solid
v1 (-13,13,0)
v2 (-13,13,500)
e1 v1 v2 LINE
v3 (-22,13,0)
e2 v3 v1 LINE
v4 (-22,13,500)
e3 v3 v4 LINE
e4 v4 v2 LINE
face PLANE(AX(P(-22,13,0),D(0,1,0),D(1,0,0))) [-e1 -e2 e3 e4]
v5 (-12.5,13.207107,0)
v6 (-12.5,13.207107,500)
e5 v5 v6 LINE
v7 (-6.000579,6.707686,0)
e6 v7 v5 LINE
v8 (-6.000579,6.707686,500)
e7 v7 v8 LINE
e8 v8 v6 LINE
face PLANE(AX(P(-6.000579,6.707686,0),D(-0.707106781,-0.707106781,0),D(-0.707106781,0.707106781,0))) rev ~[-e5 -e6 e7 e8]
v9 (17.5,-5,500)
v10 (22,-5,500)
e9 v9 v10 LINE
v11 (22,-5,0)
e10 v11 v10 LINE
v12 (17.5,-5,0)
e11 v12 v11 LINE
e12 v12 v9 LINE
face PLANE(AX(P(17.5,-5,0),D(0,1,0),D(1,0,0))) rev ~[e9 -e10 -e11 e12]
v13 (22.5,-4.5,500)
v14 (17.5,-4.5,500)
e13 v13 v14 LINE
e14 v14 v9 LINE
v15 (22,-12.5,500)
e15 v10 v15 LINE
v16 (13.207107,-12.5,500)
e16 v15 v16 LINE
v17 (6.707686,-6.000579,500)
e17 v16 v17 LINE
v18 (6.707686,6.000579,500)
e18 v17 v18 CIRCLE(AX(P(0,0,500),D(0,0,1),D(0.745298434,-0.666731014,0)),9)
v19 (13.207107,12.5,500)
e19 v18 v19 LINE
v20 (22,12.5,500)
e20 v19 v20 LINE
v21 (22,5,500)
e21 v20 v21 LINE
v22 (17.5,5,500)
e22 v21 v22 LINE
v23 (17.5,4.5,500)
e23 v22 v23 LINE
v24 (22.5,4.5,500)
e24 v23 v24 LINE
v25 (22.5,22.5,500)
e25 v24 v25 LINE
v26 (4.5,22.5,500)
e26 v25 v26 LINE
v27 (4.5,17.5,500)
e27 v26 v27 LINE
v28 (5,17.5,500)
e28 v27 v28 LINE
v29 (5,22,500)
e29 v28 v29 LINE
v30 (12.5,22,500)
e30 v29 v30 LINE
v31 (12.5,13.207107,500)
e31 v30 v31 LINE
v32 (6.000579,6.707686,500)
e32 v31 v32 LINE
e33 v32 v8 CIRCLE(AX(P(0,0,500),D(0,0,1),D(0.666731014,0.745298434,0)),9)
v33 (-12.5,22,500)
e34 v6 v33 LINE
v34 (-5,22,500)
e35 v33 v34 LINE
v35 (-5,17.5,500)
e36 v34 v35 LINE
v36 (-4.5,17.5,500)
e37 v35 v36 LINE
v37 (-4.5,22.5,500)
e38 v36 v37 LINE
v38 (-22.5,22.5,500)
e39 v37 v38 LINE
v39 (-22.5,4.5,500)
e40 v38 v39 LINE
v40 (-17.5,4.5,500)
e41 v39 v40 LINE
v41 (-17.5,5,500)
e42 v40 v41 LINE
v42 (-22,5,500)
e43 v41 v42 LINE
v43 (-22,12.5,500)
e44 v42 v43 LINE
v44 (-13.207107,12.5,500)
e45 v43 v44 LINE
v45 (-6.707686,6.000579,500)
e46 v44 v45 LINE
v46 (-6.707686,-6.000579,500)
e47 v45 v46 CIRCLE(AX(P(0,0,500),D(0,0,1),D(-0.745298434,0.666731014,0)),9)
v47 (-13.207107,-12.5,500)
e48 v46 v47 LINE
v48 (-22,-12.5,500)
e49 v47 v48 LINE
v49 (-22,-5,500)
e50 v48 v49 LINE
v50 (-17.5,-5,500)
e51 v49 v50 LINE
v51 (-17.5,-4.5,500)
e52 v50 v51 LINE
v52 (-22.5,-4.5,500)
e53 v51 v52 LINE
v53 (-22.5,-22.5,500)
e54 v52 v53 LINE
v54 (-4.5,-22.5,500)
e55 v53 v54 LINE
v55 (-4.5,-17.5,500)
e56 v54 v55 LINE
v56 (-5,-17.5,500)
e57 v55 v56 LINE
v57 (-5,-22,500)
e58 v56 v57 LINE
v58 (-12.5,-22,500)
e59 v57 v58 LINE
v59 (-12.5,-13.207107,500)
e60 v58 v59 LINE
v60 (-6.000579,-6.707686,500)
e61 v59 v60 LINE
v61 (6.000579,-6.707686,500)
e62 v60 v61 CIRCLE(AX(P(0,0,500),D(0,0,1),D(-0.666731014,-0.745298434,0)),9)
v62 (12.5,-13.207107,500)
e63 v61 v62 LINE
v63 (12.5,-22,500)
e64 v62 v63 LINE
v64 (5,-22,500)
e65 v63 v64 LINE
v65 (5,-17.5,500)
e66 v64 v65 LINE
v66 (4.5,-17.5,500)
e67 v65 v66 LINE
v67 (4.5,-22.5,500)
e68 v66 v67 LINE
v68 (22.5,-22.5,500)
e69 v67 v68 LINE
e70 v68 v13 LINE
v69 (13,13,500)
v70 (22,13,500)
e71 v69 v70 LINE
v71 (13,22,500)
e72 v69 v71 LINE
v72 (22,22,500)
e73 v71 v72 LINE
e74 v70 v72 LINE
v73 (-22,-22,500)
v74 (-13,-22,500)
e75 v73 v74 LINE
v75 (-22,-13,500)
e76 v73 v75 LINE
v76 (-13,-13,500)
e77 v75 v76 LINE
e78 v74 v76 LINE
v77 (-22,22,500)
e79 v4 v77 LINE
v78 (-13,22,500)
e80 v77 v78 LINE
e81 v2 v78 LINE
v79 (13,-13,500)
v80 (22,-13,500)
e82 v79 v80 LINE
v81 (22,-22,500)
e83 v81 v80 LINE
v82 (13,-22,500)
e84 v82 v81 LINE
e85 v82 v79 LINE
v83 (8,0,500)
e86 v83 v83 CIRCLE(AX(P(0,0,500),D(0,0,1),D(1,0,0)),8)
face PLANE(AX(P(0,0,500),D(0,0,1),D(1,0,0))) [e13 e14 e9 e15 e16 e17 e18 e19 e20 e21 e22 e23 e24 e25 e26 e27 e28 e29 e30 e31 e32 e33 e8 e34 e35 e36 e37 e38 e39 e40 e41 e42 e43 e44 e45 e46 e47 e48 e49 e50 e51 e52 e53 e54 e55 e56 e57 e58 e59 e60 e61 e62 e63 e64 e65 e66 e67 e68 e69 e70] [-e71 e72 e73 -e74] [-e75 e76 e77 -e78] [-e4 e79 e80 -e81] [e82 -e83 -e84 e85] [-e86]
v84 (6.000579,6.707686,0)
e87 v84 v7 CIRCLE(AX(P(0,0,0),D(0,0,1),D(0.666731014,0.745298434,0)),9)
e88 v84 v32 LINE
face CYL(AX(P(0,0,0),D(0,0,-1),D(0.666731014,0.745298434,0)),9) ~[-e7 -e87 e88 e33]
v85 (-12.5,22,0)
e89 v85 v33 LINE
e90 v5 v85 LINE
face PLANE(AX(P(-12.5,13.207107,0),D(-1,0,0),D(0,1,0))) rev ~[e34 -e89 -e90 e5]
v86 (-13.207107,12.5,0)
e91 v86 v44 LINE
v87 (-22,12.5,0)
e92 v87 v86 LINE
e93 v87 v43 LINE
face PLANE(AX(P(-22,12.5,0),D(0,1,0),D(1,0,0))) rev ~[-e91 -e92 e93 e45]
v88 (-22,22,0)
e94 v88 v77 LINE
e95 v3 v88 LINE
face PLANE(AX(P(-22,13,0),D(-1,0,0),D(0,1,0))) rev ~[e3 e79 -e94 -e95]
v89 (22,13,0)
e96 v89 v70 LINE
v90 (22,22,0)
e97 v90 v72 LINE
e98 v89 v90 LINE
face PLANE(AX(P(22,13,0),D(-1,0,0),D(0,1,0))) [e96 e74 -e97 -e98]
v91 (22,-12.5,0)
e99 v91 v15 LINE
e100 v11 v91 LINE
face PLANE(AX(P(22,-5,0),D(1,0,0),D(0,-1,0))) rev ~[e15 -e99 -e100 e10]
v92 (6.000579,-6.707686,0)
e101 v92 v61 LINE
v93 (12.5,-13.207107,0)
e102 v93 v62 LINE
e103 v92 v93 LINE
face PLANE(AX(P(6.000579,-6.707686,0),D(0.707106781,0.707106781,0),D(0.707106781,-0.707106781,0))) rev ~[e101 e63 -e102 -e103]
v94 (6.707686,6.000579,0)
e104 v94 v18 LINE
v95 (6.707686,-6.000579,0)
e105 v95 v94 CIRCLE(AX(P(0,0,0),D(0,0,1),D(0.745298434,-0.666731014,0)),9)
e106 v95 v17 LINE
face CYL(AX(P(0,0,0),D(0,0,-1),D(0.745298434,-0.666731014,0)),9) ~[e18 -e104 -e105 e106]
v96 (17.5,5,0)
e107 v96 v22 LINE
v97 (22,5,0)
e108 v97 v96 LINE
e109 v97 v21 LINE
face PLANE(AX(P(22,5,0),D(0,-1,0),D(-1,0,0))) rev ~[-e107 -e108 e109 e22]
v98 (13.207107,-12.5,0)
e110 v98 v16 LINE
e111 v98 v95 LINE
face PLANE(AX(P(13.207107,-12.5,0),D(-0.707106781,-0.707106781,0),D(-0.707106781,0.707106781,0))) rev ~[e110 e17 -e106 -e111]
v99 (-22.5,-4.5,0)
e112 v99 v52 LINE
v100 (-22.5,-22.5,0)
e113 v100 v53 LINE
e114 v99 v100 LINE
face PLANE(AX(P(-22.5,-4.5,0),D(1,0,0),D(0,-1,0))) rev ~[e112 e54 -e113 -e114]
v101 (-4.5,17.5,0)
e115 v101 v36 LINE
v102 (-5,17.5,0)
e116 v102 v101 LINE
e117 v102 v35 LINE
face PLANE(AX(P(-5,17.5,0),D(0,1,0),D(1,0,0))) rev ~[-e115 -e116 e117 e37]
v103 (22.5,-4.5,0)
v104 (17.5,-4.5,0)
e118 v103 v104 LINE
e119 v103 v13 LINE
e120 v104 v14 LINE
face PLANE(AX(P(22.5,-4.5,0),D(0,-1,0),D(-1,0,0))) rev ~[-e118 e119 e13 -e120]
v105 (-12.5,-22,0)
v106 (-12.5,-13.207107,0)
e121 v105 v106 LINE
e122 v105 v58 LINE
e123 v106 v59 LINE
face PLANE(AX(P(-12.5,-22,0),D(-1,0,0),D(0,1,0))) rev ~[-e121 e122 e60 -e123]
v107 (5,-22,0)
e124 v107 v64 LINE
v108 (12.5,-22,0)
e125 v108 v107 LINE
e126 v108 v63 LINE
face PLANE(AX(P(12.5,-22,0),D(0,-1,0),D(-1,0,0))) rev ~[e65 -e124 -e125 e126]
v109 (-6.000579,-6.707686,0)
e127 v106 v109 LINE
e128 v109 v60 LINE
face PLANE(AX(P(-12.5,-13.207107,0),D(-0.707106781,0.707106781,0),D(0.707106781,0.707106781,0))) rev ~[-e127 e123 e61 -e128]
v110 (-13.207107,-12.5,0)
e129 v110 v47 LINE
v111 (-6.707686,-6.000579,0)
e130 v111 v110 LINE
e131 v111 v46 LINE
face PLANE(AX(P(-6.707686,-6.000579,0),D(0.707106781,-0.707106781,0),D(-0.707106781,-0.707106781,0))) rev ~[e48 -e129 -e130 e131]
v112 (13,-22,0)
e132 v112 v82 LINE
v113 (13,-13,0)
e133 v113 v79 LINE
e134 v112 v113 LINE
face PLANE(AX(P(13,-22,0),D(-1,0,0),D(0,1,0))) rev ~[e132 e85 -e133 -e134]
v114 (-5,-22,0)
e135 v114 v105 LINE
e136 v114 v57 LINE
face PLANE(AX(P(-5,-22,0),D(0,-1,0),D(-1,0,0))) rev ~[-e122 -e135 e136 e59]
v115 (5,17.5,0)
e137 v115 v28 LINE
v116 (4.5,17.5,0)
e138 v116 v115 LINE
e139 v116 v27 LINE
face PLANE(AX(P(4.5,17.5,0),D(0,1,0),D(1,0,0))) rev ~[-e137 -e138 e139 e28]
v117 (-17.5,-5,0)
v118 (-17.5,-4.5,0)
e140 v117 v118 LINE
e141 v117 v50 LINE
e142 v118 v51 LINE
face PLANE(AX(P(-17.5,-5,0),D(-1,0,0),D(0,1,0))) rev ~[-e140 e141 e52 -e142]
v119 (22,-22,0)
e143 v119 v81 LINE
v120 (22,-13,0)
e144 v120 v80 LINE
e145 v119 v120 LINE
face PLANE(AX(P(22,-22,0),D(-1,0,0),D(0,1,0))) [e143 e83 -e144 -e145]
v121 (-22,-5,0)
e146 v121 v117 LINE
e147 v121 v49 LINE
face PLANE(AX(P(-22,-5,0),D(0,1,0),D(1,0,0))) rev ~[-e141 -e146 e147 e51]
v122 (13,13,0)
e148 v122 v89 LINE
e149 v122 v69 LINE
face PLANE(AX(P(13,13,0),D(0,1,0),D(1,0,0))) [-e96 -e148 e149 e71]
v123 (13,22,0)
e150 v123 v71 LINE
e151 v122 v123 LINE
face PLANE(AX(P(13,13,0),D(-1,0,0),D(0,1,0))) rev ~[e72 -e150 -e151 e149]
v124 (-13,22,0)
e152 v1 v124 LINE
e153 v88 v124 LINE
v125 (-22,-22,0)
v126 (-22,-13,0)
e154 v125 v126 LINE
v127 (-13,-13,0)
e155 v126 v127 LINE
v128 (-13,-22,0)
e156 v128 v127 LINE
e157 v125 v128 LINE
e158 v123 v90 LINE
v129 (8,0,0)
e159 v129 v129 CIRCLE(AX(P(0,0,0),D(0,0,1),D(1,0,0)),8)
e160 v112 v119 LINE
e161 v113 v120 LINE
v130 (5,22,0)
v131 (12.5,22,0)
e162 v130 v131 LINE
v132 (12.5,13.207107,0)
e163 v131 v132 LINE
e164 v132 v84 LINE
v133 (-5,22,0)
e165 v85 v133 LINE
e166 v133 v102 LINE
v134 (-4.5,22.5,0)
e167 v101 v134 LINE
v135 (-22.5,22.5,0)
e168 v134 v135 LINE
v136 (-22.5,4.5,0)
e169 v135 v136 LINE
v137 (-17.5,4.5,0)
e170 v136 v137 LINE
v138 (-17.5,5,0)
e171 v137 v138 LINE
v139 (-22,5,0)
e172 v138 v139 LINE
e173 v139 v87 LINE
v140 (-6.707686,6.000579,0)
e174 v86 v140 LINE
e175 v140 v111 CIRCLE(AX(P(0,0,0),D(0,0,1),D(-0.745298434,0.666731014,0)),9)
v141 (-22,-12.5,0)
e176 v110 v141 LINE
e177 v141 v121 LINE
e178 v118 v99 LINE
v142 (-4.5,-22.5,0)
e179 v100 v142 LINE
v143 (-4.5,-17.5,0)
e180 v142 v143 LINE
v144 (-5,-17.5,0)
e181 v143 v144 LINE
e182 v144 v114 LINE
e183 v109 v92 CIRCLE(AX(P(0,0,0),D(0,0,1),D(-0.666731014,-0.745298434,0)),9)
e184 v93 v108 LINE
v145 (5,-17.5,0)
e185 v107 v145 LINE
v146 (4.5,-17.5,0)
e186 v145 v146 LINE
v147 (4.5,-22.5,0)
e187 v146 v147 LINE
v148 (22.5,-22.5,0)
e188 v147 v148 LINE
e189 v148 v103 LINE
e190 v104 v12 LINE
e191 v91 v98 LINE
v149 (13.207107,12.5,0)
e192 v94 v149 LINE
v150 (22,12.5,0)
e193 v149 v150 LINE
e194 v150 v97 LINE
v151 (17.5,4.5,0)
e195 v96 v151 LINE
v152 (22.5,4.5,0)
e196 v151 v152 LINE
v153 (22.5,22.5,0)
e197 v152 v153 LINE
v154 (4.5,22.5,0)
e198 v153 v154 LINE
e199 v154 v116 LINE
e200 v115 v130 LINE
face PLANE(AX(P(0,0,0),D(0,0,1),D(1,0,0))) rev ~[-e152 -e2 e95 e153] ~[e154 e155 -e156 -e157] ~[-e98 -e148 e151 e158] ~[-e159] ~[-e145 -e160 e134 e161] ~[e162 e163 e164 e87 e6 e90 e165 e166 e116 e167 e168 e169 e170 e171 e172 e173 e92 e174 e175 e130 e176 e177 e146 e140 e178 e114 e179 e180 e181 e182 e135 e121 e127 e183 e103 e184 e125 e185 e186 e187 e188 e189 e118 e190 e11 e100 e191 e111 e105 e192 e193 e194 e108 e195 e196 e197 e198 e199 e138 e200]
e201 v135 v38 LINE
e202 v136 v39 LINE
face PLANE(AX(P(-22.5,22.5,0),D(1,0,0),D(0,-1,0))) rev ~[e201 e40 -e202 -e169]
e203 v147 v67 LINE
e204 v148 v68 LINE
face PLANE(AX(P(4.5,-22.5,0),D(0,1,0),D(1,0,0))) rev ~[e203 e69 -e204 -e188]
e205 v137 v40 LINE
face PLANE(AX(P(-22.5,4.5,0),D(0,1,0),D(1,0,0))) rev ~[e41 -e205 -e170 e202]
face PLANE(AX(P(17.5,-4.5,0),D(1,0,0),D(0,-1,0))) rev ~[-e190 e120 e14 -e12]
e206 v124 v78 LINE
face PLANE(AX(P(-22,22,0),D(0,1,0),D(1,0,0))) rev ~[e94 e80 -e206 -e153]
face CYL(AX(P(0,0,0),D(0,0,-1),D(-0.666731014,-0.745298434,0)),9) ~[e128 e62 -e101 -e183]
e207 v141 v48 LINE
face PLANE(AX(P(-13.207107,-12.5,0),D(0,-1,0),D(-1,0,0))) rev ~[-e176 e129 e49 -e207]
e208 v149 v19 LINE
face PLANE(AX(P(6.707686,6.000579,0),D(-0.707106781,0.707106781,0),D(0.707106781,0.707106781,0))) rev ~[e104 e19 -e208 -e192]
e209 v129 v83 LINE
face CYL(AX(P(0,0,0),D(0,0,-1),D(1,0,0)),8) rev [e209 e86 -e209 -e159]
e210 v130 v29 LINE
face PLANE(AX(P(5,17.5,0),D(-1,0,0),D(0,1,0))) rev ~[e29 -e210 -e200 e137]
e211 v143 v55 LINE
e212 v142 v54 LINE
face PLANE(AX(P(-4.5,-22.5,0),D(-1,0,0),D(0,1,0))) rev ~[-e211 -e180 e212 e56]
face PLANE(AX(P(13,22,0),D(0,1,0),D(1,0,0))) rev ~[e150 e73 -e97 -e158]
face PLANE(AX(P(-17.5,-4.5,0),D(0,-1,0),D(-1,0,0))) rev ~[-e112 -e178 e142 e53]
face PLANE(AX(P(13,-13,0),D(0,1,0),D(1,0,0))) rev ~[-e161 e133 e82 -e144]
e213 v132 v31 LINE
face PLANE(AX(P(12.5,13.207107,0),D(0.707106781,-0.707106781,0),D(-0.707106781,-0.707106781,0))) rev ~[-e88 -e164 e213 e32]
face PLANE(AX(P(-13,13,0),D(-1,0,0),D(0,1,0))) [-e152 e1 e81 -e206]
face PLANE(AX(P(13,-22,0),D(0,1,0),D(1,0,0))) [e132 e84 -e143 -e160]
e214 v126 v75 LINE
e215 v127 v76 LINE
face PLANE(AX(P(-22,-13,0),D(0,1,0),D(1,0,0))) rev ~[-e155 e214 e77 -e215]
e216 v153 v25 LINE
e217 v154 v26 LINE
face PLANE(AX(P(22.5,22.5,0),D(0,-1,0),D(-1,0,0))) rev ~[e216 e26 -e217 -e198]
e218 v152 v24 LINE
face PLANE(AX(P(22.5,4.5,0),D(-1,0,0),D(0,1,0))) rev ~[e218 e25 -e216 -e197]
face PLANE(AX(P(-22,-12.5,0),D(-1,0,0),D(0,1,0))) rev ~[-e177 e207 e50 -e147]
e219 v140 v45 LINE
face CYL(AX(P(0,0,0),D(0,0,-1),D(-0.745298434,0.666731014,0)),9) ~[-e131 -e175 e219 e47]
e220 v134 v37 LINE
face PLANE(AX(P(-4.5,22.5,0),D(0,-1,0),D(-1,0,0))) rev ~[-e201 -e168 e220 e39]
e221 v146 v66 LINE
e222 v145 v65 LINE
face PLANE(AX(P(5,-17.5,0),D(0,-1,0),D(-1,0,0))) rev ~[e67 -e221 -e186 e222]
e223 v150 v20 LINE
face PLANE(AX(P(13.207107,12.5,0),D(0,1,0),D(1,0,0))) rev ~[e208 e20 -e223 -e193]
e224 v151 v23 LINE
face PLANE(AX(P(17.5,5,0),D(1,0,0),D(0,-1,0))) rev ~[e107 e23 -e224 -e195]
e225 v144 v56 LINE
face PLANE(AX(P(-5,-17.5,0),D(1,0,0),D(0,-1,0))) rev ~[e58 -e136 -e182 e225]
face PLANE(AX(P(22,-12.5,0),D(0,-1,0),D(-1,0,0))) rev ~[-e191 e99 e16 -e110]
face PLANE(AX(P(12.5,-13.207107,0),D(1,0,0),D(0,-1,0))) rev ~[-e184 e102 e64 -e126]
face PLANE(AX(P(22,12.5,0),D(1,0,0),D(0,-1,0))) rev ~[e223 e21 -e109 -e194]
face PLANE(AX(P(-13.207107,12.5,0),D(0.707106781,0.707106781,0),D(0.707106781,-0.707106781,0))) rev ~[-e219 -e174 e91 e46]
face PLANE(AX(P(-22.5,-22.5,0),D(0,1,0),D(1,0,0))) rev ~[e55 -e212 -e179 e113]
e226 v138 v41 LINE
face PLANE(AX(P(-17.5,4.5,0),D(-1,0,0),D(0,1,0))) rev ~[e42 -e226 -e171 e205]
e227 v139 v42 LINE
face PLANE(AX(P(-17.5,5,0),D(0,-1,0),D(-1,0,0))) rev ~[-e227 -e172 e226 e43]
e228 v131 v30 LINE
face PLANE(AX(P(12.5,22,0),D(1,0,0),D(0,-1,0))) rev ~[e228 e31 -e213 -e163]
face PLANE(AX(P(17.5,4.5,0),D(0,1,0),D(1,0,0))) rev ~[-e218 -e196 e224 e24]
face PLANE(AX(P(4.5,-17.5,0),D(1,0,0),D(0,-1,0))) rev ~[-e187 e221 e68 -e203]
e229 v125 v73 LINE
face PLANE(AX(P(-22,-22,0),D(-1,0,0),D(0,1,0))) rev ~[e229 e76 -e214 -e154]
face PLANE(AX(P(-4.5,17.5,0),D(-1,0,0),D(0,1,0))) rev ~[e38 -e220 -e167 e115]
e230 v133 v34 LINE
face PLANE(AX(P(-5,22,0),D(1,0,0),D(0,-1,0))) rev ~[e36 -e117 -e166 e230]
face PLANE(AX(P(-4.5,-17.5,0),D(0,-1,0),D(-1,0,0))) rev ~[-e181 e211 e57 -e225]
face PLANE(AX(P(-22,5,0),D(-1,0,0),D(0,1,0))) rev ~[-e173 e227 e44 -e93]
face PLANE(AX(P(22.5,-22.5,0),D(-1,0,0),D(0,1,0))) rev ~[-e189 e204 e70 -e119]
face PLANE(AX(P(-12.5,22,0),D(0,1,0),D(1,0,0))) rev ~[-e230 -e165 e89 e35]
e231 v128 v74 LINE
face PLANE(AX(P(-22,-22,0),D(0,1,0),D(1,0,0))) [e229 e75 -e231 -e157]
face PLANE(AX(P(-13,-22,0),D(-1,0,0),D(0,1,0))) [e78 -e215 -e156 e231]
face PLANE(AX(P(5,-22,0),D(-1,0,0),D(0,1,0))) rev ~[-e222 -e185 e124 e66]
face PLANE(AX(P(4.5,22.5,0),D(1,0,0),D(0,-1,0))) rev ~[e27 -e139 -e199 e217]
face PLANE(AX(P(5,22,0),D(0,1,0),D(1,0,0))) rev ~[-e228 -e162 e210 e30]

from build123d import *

# Parameters (mm, degrees)
ESBO_O1_W                = 9
ESBO_O1_H                = 9
ESBO_O1_R                = 8
RESSALTO_EXTRUS_O4_DEPTH = 500


with BuildPart() as part:
    # Esboço1 → Ressalto-extrusão4 (new body)
    with BuildSketch(Plane.XY):
        with BuildLine():
            Line((-4.5, 22.5), (-22.5, 22.5))
            Line((-22.5, 22.5), (-22.5, 4.5))
            Line((-22.5, 4.5), (-17.5, 4.5))
            Line((-17.5, 4.5), (-17.5, 5))
            Line((-17.5, 5), (-22, 5))
            Line((-22, 5), (-22, 12.5))
            Line((-22, 12.5), (-13.207106781, 12.5))
            Line((-13.207106781, 12.5), (-6.707685904, 6.000579123))
            ThreePointArc((-6.707685904, 6.000579123), (-9, 0), (-6.707685904, -6.000579123))
            Line((-6.707685904, -6.000579123), (-13.207106781, -12.5))
            Line((-13.207106781, -12.5), (-22, -12.5))
            Line((-22, -12.5), (-22, -5))
            Line((-22, -5), (-17.5, -5))
            Line((-17.5, -5), (-17.5, -4.5))
            Line((-17.5, -4.5), (-22.5, -4.5))
            Line((-22.5, -4.5), (-22.5, -22.5))
            Line((-22.5, -22.5), (-4.5, -22.5))
            Line((-4.5, -22.5), (-4.5, -17.5))
            Line((-4.5, -17.5), (-5, -17.5))
            Line((-5, -17.5), (-5, -22))
            Line((-5, -22), (-12.5, -22))
            Line((-12.5, -22), (-12.5, -13.207106781))
            Line((-12.5, -13.207106781), (-6.000579123, -6.707685904))
            ThreePointArc((-6.000579123, -6.707685904), (0, -9), (6.000579123, -6.707685904))
            Line((6.000579123, -6.707685904), (12.5, -13.207106781))
            Line((12.5, -13.207106781), (12.5, -22))
            Line((12.5, -22), (5, -22))
            Line((5, -22), (5, -17.5))
            Line((5, -17.5), (4.5, -17.5))
            Line((4.5, -17.5), (4.5, -22.5))
            Line((4.5, -22.5), (22.5, -22.5))
            Line((22.5, -22.5), (22.5, -4.5))
            Line((22.5, -4.5), (17.5, -4.5))
            Line((17.5, -4.5), (17.5, -5))
            Line((17.5, -5), (22, -5))
            Line((22, -5), (22, -12.5))
            Line((22, -12.5), (13.207106781, -12.5))
            Line((13.207106781, -12.5), (6.707685904, -6.000579123))
            ThreePointArc((6.707685904, -6.000579123), (9, 0), (6.707685904, 6.000579123))
            Line((6.707685904, 6.000579123), (13.207106781, 12.5))
            Line((13.207106781, 12.5), (22, 12.5))
            Line((22, 12.5), (22, 5))
            Line((22, 5), (17.5, 5))
            Line((17.5, 5), (17.5, 4.5))
            Line((17.5, 4.5), (22.5, 4.5))
            Line((22.5, 4.5), (22.5, 22.5))
            Line((22.5, 22.5), (4.5, 22.5))
            Line((4.5, 22.5), (4.5, 17.5))
            Line((4.5, 17.5), (5, 17.5))
            Line((5, 17.5), (5, 22))
            Line((5, 22), (12.5, 22))
            Line((12.5, 22), (12.5, 13.207106781))
            Line((12.5, 13.207106781), (6.000579123, 6.707685904))
            ThreePointArc((6.000579123, 6.707685904), (0, 9), (-6.000579123, 6.707685904))
            Line((-6.000579123, 6.707685904), (-12.5, 13.207106781))
            Line((-12.5, 13.207106781), (-12.5, 22))
            Line((-12.5, 22), (-5, 22))
            Line((-5, 22), (-5, 17.5))
            Line((-5, 17.5), (-4.5, 17.5))
            Line((-4.5, 17.5), (-4.5, 22.5))
        make_face()
        with Locations((17.5, 17.5)):
            Rectangle(ESBO_O1_W, ESBO_O1_H, mode=Mode.SUBTRACT)
        with Locations((-17.5, -17.5)):
            Rectangle(ESBO_O1_W, ESBO_O1_H, mode=Mode.SUBTRACT)
        with Locations((17.5, -17.5)):
            Rectangle(ESBO_O1_W, ESBO_O1_H, mode=Mode.SUBTRACT)
        with Locations((-17.5, 17.5)):
            Rectangle(ESBO_O1_W, ESBO_O1_H, mode=Mode.SUBTRACT)
        Circle(ESBO_O1_R, mode=Mode.SUBTRACT)
    extrude(amount=RESSALTO_EXTRUS_O4_DEPTH)


solid = part.part
